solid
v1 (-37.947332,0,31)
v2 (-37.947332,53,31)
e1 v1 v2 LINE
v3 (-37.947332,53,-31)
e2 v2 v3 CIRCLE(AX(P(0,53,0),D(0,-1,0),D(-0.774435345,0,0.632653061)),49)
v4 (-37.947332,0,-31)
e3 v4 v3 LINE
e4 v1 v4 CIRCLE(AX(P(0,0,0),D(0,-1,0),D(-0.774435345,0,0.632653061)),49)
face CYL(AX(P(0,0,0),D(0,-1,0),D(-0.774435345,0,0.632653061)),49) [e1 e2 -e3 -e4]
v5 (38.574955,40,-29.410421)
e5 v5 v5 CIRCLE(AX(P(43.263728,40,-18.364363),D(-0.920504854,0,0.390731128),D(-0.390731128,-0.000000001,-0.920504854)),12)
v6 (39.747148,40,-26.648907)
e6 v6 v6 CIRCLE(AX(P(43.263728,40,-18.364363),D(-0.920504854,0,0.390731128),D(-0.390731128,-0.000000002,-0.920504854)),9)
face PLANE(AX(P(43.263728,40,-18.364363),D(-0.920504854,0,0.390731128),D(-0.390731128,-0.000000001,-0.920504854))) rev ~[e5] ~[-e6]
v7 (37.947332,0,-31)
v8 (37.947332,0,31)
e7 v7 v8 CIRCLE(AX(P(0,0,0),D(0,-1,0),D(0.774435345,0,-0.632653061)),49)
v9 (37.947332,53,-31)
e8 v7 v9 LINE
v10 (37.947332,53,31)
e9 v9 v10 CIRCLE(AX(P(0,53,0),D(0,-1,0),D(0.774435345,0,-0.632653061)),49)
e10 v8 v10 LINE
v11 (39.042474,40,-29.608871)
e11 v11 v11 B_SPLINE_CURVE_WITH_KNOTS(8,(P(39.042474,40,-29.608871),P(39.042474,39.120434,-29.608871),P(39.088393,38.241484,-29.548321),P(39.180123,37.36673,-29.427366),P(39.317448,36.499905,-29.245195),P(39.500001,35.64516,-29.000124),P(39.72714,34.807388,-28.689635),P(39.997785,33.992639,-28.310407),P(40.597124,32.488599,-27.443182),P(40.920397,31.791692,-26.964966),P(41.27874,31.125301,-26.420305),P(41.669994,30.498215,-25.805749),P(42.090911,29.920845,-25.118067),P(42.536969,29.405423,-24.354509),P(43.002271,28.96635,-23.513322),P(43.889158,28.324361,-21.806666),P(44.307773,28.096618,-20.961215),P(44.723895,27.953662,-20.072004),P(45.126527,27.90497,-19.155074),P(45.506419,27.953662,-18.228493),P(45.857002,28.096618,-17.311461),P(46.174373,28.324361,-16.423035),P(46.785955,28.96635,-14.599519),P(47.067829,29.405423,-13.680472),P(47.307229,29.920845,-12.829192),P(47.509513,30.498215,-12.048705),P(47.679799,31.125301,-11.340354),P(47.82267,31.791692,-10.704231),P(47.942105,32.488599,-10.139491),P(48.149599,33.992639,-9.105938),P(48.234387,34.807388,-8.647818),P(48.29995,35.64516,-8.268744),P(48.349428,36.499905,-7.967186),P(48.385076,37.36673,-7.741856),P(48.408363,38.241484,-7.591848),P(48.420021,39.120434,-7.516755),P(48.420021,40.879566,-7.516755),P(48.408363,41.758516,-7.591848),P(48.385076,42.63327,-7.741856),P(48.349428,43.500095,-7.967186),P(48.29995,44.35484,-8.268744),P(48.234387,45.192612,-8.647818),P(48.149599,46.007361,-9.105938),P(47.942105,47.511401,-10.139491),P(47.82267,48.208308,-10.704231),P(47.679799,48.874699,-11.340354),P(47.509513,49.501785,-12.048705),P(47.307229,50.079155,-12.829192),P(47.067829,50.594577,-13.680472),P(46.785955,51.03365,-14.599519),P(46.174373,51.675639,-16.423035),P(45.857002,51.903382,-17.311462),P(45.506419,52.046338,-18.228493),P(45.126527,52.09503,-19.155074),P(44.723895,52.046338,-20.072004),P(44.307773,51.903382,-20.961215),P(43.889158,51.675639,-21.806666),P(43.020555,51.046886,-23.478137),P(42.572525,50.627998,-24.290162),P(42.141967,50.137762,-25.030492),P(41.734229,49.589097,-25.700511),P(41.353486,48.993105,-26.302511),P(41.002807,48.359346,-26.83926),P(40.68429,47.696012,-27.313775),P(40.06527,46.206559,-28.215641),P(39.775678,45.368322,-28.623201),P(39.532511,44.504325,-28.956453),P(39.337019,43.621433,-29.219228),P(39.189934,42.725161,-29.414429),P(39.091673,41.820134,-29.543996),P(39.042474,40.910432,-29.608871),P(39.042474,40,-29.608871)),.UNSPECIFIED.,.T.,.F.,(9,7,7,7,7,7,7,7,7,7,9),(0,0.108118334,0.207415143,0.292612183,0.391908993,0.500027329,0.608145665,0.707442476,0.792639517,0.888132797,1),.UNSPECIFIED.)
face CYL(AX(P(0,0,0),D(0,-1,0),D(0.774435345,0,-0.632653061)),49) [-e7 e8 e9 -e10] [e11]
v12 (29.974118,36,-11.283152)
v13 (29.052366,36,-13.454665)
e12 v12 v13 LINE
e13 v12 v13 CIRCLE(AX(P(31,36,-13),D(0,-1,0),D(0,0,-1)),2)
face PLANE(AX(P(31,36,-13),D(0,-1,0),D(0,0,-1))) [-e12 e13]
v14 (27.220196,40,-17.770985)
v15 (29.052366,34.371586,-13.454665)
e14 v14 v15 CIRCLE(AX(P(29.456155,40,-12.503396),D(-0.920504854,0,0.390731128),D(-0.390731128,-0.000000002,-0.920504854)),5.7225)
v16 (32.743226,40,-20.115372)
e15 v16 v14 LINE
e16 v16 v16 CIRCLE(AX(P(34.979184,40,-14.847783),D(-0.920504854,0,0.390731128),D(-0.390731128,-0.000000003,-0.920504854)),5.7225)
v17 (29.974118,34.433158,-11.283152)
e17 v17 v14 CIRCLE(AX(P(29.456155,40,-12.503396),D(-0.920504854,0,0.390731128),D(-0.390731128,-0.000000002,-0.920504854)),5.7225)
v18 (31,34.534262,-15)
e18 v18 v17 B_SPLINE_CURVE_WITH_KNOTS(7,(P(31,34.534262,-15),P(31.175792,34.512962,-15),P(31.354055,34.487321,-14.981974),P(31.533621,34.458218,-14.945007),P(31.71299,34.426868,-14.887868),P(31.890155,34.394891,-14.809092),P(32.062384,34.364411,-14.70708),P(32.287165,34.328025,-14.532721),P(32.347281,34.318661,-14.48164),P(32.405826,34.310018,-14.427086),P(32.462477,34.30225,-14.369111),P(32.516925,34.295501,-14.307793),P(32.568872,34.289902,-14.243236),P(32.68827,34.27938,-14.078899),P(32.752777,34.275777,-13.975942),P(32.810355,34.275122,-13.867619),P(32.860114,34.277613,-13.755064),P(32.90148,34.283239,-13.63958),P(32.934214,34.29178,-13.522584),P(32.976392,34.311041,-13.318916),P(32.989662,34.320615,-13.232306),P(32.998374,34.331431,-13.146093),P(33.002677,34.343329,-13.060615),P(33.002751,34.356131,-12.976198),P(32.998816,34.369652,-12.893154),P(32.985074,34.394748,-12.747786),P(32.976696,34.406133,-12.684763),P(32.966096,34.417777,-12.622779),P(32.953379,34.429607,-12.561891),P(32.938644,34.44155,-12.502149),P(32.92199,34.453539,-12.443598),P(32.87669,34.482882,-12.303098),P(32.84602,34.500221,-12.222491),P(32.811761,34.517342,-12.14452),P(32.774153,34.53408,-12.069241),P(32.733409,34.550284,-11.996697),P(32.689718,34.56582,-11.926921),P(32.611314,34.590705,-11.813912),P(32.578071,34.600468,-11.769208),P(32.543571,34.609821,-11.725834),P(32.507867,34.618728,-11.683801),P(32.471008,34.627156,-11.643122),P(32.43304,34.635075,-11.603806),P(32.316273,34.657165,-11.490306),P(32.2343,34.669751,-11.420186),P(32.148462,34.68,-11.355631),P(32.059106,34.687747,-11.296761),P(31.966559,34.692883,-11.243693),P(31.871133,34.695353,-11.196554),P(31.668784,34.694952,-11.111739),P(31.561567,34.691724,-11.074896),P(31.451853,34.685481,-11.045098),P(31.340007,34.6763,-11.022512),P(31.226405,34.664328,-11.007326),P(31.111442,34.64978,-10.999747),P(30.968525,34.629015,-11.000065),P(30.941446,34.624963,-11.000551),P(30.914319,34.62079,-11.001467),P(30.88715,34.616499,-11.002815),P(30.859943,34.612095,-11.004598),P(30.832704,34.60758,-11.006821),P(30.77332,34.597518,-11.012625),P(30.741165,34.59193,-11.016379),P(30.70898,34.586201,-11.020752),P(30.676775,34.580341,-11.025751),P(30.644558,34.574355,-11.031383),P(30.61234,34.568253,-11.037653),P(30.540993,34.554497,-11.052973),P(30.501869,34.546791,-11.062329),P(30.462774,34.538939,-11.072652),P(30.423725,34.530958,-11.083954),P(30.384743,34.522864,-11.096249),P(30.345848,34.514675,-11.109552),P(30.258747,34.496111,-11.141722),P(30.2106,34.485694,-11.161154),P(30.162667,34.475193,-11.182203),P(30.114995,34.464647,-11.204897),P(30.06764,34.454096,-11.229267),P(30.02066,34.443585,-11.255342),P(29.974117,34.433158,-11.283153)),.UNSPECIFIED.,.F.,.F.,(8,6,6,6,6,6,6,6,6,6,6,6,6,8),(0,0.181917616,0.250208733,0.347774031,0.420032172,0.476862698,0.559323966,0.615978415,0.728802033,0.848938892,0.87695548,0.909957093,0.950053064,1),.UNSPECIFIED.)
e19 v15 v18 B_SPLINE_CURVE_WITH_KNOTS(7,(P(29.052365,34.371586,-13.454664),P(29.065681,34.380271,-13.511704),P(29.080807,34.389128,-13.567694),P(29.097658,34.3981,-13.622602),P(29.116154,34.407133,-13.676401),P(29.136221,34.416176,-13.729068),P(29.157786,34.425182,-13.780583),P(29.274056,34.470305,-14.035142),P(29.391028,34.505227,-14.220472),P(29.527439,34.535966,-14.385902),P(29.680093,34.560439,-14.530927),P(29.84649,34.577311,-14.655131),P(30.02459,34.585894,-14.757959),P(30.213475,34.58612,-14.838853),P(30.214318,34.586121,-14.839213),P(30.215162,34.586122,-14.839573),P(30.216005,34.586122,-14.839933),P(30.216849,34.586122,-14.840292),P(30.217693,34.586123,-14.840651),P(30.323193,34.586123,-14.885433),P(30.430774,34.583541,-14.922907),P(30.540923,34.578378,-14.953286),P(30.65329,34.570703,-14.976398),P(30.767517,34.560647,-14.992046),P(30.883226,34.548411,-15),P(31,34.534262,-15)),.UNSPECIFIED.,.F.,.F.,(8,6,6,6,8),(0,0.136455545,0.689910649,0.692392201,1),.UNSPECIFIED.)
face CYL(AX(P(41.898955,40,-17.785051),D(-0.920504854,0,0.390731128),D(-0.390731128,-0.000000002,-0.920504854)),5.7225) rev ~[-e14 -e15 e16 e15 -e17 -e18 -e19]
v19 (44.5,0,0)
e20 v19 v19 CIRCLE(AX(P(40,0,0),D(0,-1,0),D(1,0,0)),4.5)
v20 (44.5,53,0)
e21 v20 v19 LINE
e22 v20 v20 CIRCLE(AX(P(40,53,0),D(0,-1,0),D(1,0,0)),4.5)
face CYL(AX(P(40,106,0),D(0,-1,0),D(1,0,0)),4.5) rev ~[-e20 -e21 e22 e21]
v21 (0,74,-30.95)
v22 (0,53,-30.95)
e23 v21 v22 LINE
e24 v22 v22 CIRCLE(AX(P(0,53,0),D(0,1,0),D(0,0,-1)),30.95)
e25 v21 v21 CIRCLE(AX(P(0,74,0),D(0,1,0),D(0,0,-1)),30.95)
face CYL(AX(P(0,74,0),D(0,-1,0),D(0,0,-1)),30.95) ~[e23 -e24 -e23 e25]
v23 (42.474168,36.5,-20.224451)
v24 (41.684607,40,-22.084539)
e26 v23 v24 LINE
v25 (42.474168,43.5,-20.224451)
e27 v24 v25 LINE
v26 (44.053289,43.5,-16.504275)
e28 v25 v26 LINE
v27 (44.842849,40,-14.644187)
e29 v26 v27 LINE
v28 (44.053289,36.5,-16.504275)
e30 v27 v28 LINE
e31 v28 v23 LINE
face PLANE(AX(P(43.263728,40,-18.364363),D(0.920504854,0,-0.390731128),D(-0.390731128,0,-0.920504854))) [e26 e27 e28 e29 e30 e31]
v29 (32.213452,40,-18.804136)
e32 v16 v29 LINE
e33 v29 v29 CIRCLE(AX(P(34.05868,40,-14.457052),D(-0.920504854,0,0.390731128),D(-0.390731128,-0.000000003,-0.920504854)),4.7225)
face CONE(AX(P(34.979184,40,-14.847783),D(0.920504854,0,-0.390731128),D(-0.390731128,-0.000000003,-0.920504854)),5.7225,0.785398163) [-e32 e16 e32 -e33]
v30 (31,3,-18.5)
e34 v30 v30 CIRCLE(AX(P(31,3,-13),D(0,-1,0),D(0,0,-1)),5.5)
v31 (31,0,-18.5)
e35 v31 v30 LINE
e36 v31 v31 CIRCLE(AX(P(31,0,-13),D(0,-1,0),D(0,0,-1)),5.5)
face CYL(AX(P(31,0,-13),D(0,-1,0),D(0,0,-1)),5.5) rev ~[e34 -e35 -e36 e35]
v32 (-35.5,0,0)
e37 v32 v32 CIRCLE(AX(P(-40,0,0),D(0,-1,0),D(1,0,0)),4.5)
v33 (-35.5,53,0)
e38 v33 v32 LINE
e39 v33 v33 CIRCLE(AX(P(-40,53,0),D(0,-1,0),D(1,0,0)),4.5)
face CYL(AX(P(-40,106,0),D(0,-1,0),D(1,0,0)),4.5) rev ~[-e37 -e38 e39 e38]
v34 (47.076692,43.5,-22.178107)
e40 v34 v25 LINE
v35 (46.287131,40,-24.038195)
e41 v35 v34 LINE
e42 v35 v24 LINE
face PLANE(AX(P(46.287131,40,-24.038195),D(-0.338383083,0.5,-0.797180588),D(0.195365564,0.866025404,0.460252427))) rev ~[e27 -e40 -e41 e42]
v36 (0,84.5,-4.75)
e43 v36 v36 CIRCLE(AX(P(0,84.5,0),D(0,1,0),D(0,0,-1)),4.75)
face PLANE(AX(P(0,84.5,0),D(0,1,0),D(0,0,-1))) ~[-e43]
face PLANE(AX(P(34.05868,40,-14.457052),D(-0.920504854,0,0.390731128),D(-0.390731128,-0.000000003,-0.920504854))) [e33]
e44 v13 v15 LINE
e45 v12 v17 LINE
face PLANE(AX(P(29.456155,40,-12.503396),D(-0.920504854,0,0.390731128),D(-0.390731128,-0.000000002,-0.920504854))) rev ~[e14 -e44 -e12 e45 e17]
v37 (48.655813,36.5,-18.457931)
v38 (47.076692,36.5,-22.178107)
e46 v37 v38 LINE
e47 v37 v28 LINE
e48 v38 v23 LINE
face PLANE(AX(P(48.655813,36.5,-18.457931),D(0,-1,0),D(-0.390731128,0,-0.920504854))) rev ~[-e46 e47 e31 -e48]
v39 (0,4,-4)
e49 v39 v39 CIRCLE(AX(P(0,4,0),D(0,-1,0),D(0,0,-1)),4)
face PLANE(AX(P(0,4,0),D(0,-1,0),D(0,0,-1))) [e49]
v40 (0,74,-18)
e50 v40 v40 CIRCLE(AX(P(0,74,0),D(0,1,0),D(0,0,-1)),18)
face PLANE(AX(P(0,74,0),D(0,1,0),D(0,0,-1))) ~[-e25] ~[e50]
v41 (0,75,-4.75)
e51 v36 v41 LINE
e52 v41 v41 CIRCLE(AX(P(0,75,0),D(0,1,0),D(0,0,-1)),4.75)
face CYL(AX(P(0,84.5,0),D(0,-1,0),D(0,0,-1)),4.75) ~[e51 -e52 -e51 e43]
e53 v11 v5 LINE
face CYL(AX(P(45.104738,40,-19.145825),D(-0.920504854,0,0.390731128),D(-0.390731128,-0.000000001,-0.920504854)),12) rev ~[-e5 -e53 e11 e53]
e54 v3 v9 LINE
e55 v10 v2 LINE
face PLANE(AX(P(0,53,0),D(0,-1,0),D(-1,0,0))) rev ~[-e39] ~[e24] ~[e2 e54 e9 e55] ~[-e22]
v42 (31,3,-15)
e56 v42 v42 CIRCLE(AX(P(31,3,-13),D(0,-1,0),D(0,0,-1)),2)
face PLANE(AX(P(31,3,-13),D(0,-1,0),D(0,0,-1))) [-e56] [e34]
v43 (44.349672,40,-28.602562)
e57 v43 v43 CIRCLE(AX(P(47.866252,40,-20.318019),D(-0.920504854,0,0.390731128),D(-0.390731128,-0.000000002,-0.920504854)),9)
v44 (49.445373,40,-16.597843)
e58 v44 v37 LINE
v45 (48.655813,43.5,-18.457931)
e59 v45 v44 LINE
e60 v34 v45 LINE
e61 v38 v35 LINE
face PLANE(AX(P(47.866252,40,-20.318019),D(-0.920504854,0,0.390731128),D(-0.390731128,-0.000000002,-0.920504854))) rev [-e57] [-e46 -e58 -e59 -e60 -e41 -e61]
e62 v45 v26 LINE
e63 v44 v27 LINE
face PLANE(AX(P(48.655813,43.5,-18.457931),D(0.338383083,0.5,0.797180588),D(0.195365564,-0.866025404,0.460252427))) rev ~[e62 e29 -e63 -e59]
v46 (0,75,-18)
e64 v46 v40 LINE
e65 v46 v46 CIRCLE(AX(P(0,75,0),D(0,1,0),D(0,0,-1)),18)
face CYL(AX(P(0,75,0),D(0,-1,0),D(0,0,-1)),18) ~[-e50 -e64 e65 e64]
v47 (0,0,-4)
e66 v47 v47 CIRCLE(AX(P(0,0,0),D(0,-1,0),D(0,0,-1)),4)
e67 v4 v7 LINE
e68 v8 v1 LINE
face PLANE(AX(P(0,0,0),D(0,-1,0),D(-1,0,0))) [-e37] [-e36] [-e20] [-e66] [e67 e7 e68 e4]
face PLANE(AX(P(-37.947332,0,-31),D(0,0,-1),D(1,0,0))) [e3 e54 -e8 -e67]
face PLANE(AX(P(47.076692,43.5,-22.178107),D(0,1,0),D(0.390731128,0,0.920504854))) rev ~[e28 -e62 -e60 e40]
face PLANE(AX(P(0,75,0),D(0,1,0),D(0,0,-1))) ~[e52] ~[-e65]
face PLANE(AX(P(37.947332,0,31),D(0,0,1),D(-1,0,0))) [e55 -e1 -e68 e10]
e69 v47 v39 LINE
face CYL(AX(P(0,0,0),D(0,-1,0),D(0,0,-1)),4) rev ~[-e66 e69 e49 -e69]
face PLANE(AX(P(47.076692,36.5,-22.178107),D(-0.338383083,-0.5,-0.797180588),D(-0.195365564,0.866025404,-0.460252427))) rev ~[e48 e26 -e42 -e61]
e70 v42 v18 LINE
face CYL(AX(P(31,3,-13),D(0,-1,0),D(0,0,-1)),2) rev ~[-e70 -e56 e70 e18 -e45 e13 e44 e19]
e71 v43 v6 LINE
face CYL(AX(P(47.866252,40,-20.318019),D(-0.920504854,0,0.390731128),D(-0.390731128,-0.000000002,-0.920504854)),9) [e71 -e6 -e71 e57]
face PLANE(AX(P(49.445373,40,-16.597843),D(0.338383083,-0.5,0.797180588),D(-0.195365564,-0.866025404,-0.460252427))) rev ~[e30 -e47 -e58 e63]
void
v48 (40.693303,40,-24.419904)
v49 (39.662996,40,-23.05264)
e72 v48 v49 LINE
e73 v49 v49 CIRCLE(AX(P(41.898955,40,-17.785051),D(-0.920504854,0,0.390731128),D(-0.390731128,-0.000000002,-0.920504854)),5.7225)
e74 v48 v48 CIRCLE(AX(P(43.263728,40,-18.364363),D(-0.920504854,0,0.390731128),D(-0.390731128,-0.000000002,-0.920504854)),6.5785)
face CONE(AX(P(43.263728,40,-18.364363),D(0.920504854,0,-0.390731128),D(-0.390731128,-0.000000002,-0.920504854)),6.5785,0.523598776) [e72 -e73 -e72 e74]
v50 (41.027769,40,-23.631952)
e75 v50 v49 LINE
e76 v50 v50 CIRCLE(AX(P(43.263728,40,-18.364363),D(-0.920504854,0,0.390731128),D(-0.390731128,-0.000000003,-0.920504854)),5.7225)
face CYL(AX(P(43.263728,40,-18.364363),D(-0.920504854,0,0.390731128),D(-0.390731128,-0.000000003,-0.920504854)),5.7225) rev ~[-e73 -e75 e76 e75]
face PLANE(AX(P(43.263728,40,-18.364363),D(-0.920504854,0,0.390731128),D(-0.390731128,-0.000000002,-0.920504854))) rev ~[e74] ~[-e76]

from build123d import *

# Parameters (mm, degrees)
EXTRUDE1_DEPTH     = 53
HOLE1_D            = 9
HOLE1_DEPTH        = 53
SKETCH5_R          = 4
CUT_EXTRUDE1_DEPTH = 4
SKETCH6_R          = 5.5
CUT_EXTRUDE2_DEPTH = 3
SKETCH7_R          = 2
CUT_EXTRUDE3_DEPTH = 33
CUT_EXTRUDE4_DEPTH = 5


with BuildPart() as part:
    # Sketch1 → Extrude1 (new body)
    with BuildSketch(Plane(origin=(0, 0, 0), x_dir=(1, 0, 0), z_dir=(0, 1, 0))):
        with BuildLine():
            Line((-37.947331922, 31), (37.947331922, 31))
            ThreePointArc((37.947331922, 31), (49, 0), (37.947331922, -31))
            Line((37.947331922, -31), (-37.947331922, -31))
            ThreePointArc((-37.947331922, -31), (-49, 0), (-37.947331922, 31))
        make_face()
    extrude(amount=EXTRUDE1_DEPTH)

    # Sketch2 → Revolve1 (revolve)
    with BuildSketch(Plane.XY, mode=Mode.PRIVATE) as revolve1_sk:
        Polygon((0, 84.5), (-4.75, 84.5), (-4.75, 75), (-18, 75), (-18, 74), (-30.95, 74), (-30.95, 53), (0, 53), align=None)
    revolve(revolve1_sk.sketch.rotate(Axis((0, 0, 0), (0, 1, 0)), 270), axis=Axis((0, 0, 0), (0, 1, 0)))  # turned: the seam where the file's is

    # Hole1
    with Locations(Plane(origin=(0, 53, 0), x_dir=(-1, 0, 0), z_dir=(0, 1, 0))):
        with Locations((40, 0), (-40, 0)):
            Hole(HOLE1_D / 2, depth=HOLE1_DEPTH)

    # Sketch5 → Cut-Extrude1 (cut)
    with BuildSketch(Plane.XZ):
        with Locations(Location((0, 0, 0), (0, 0, 270))):  # turned: the seam where the file's is
            Circle(SKETCH5_R)
    extrude(amount=-CUT_EXTRUDE1_DEPTH, mode=Mode.SUBTRACT)

    # Sketch6 → Cut-Extrude2 (cut)
    with BuildSketch(Plane.XZ):
        with Locations(Location((31, -13, 0), (0, 0, 270))):  # turned: the seam where the file's is
            Circle(SKETCH6_R)
    extrude(amount=-CUT_EXTRUDE2_DEPTH, mode=Mode.SUBTRACT)

    # Sketch7 → Cut-Extrude3 (cut)
    with BuildSketch(Plane.XZ.offset(-3)):
        with Locations(Location((31, -13, 0), (0, 0, 270))):  # turned: the seam where the file's is
            Circle(SKETCH7_R)
    extrude(amount=-CUT_EXTRUDE3_DEPTH, mode=Mode.SUBTRACT)

    # Sketch8 → Cut-Revolve1 (revolve, cut)
    with BuildSketch(Plane(origin=(0, 0, 0), x_dir=(0.920504853, 0, -0.390731128), z_dir=(0.390731128, 0, 0.920504853)), mode=Mode.PRIVATE) as cut_revolve1_sk:
        Polygon((49, 28), (47, 28), (47, 33.4215), (45.517364509, 34.2775), (32, 34.2775), (32, 40), (49, 40), align=None)
    revolve(cut_revolve1_sk.sketch.rotate(Axis((47.484793311, 40, -20.156098913), (-0.920504853, 0, 0.390731128)), 270), axis=Axis((47.484793311, 40, -20.156098913), (-0.920504853, 0, 0.390731128)), mode=Mode.SUBTRACT)  # turned: the seam where the file's is

    # Sketch9 → Revolve2 (revolve)
    with BuildSketch(Plane(origin=(0, 0, 0), x_dir=(0.920504853, 0, -0.390731128), z_dir=(0.390731128, 0, 0.920504853)), mode=Mode.PRIVATE) as revolve2_sk:
        Polygon((47, 31), (47, 34.2775), (38, 34.2775), (37, 35.2775), (37, 40), (52, 40), (52, 31), align=None)
    revolve(revolve2_sk.sketch.rotate(Axis((53.930450878, 40, -22.892118224), (-0.920504853, 0, 0.390731128)), 270), axis=Axis((53.930450878, 40, -22.892118224), (-0.920504853, 0, 0.390731128)))  # turned: the seam where the file's is

    # Sketch10 → Cut-Extrude4 (cut)
    with BuildSketch(Plane(origin=(47.86625238, 0, -20.318018681), x_dir=(-0.390731128, 0, -0.920504853), z_dir=(0.920504853, 0, -0.390731128))):
        Polygon((4.041451884, 40), (2.020725942, 43.5), (-2.020725942, 43.5), (-4.041451884, 40), (-2.020725942, 36.5), (2.020725942, 36.5), align=None)
    extrude(amount=-CUT_EXTRUDE4_DEPTH, mode=Mode.SUBTRACT)


solid = part.part
